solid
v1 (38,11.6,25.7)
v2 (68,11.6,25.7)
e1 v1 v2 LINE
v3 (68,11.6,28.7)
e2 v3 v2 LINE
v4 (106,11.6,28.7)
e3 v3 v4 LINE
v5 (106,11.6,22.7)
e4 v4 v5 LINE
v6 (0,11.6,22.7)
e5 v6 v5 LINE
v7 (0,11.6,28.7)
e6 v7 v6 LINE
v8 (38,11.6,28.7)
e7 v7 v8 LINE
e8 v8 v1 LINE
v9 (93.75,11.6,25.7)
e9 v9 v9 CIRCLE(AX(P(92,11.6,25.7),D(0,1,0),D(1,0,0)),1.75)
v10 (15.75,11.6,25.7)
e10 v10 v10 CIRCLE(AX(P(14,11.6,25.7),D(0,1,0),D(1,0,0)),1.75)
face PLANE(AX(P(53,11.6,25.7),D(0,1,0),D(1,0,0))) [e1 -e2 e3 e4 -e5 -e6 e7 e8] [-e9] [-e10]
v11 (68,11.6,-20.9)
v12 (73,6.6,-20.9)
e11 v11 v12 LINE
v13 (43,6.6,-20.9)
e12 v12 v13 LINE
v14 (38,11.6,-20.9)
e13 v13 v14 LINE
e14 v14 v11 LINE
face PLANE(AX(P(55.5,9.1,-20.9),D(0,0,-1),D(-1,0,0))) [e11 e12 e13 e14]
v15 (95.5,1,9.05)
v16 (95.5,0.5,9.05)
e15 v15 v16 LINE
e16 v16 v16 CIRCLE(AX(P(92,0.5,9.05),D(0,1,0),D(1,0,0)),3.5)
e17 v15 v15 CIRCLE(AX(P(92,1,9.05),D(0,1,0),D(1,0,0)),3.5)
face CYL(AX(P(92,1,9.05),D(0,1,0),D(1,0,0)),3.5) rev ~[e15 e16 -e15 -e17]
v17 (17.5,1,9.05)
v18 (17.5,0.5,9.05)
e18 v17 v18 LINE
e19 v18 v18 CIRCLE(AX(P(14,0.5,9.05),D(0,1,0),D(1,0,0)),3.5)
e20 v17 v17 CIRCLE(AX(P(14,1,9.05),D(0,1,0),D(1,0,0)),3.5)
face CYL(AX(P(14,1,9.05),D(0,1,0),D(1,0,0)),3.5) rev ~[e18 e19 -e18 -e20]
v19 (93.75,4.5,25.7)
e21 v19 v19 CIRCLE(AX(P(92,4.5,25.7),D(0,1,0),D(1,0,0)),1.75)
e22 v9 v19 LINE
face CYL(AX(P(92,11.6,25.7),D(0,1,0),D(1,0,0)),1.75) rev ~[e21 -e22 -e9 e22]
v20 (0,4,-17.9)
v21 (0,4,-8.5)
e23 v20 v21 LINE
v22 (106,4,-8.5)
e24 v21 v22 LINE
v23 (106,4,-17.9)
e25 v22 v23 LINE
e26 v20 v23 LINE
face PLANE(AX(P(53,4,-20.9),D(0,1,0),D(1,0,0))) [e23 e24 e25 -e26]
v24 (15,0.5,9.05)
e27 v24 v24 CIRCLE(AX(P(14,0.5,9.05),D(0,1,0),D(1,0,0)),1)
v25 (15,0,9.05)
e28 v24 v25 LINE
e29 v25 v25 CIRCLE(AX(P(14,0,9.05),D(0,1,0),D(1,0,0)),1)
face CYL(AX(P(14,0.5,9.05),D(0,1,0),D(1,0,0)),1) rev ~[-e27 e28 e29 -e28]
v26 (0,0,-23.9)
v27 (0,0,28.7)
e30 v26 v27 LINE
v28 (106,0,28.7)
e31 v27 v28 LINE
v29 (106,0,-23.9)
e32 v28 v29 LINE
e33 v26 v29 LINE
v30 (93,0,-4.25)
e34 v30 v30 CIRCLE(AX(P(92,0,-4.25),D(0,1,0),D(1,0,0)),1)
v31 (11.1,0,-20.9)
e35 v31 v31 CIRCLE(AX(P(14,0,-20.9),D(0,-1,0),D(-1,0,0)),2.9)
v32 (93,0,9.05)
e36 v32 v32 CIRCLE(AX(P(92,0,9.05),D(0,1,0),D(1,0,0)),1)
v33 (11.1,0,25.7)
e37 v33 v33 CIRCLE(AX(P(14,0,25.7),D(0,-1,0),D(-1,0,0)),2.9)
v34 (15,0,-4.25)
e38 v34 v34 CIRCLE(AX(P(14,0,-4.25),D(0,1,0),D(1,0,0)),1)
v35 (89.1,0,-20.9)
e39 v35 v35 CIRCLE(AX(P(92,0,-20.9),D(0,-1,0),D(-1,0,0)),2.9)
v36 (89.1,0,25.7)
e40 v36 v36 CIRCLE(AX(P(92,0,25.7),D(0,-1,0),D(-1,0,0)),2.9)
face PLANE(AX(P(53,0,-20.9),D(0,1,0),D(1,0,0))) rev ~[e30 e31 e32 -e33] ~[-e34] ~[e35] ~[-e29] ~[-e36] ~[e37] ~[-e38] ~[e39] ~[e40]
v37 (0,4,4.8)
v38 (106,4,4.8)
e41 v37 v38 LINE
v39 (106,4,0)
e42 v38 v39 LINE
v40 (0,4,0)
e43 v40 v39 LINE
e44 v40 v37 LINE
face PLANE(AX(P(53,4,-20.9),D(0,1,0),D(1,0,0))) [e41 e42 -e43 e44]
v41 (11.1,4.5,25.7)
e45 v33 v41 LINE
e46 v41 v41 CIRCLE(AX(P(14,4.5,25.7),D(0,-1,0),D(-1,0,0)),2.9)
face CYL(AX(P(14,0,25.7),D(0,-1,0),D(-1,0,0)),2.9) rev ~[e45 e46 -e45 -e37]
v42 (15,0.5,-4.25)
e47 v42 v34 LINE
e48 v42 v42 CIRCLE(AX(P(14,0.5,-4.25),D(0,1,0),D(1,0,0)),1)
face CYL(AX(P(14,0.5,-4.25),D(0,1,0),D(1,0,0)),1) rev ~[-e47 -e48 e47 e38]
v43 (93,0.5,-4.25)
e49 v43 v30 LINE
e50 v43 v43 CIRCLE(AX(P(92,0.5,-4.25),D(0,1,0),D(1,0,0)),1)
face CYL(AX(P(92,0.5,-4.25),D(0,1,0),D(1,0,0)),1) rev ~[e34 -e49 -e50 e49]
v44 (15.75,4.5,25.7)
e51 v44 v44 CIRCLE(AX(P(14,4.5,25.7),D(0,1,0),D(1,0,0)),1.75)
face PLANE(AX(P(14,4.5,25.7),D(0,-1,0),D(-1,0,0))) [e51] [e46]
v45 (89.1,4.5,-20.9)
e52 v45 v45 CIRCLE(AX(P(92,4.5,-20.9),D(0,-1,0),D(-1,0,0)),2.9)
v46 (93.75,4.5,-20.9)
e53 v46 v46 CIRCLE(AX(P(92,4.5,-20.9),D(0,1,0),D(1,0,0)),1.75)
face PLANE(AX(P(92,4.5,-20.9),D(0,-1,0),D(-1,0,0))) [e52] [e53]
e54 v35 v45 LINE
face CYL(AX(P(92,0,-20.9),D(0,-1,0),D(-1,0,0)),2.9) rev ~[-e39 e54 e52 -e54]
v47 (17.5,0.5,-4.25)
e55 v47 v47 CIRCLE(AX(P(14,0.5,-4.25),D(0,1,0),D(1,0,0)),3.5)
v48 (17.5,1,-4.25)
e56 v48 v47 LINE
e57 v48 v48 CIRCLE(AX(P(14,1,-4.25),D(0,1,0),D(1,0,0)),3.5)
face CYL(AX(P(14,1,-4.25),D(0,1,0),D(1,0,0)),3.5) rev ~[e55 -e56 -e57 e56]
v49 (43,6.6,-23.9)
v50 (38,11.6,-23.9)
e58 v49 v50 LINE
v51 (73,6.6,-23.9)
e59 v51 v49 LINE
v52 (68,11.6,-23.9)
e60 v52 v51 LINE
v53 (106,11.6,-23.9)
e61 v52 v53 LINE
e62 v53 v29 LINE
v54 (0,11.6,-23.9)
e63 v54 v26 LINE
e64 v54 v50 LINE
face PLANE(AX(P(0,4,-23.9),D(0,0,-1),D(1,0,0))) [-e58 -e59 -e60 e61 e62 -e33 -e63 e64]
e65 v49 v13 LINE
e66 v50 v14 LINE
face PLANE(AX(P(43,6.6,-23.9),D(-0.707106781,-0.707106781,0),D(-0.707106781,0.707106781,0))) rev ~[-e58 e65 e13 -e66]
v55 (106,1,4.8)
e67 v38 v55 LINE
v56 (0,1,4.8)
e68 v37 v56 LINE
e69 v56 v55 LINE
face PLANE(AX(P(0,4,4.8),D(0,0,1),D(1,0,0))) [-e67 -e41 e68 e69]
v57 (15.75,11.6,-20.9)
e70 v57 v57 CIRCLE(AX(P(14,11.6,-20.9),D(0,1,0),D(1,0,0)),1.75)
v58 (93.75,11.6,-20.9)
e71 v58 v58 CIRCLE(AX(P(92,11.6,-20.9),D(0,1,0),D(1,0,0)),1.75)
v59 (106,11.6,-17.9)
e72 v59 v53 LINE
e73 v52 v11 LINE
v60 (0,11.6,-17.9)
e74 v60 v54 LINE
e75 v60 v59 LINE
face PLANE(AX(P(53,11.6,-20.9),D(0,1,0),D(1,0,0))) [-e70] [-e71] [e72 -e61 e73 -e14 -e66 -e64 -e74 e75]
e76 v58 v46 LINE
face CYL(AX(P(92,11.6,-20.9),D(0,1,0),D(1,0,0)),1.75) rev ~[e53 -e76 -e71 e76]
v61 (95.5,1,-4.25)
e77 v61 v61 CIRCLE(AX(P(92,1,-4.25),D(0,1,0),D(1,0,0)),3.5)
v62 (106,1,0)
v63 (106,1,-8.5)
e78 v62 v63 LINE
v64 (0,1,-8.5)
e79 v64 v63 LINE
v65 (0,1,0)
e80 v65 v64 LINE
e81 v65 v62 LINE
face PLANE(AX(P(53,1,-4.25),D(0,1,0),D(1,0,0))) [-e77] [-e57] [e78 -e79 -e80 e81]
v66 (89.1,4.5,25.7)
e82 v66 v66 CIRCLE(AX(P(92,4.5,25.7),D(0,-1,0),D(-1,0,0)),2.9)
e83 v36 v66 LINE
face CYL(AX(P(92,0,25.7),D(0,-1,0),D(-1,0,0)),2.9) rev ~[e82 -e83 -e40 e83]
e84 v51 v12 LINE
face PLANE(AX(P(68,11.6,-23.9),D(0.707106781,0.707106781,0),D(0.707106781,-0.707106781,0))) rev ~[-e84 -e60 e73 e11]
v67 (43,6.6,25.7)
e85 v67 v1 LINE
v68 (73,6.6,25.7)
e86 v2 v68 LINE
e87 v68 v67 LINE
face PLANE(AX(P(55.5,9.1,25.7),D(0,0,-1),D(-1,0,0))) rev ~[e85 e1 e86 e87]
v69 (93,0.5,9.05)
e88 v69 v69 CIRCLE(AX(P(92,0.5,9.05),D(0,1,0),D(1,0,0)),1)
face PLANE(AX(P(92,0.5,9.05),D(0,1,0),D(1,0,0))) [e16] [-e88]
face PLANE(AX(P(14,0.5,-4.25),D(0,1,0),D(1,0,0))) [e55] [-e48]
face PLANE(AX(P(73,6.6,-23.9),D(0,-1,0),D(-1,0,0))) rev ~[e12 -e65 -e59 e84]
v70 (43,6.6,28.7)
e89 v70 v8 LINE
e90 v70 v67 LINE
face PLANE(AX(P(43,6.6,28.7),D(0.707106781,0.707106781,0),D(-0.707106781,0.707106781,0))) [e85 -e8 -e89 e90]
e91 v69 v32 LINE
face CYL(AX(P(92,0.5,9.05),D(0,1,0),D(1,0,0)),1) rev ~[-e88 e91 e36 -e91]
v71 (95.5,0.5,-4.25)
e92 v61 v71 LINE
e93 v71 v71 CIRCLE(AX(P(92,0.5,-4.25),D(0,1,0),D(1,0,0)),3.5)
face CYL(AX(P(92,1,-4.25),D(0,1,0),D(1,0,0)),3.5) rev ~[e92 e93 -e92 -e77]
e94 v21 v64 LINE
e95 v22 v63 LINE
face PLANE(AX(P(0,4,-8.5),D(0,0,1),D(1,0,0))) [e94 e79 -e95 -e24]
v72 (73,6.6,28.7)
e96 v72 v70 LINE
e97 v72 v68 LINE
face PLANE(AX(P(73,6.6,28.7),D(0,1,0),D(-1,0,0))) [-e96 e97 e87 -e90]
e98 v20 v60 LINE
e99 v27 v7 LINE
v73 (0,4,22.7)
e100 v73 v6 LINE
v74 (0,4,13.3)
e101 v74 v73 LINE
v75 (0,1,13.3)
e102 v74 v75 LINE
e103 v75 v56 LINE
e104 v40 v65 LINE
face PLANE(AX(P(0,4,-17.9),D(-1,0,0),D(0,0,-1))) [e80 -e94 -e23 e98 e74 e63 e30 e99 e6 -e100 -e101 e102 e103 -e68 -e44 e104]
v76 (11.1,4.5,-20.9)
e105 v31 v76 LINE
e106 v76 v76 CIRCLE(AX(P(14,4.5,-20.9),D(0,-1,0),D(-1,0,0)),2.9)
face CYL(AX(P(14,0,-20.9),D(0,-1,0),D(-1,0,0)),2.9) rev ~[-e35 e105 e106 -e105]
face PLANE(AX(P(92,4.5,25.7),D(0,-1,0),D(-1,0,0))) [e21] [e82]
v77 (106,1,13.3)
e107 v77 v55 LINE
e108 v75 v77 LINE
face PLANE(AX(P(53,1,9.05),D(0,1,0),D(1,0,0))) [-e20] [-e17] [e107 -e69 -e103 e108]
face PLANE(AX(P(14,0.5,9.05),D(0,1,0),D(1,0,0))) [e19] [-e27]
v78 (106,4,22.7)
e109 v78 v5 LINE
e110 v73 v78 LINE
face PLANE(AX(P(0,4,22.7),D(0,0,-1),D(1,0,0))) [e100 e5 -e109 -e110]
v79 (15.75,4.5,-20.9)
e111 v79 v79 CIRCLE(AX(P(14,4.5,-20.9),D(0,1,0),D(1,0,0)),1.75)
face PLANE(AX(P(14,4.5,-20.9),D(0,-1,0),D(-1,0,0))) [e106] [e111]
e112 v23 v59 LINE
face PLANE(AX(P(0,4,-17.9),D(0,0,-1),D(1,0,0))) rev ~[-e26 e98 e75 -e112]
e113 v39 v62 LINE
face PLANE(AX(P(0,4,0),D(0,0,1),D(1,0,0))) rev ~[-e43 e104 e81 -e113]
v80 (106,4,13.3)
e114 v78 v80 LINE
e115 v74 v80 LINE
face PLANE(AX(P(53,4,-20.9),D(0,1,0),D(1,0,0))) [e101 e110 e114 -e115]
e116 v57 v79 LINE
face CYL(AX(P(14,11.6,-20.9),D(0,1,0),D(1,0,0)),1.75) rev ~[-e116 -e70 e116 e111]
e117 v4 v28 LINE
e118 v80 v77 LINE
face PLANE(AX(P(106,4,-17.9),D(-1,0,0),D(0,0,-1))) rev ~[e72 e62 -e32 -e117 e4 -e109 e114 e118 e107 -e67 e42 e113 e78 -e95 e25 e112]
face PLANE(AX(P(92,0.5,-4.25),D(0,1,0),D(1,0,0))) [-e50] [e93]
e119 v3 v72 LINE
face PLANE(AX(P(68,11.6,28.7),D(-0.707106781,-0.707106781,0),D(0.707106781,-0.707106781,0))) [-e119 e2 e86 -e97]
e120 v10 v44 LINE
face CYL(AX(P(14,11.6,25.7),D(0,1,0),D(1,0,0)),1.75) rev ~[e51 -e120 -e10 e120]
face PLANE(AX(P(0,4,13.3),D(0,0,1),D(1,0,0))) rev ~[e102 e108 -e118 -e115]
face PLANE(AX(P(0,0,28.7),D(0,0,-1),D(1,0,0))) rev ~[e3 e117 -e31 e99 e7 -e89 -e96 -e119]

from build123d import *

# Parameters (mm, degrees)
SKETCH1_W           = 106
SKETCH1_H           = 6
SKETCH1_H_2         = 9.4
SKETCH1_H_3         = 8.5
SKETCH1_H_4         = 4.8
BOSS_EXTRUDE4_DEPTH = 4
SKETCH4_W           = 106
SKETCH4_H           = 8.5
CUT_EXTRUDE2_DEPTH  = 3
SKETCH5_W           = 106
SKETCH5_H           = 6
BOSS_EXTRUDE5_DEPTH = 7.6
SKETCH6_R           = 3.5
CUT_EXTRUDE3_DEPTH  = 0.5
SKETCH8_R           = 1
CUT_EXTRUDE4_DEPTH  = 20
SKETCH7_R           = 1
CUT_EXTRUDE5_DEPTH  = 20
SKETCH9_R           = 1
CUT_EXTRUDE6_DEPTH  = 20
SKETCH10_R          = 1.75
CUT_EXTRUDE7_DEPTH  = 20
SKETCH11_R          = 2.9
CUT_EXTRUDE8_DEPTH  = 4.5
CUT_EXTRUDE9_DEPTH  = 3
CUT_EXTRUDE10_DEPTH = 3


with BuildPart() as part:
    # Sketch1 → Boss-Extrude4 (new body)
    with BuildSketch(Plane(origin=(0, 0, 0), x_dir=(1, 0, 0), z_dir=(0, 1, 0))):
        with Locations((53, 20.9)):
            Rectangle(SKETCH1_W, SKETCH1_H)
        with Locations((53, 13.2)):
            Rectangle(SKETCH1_W, SKETCH1_H_2)
        with Locations((53, 4.25)):
            Rectangle(SKETCH1_W, SKETCH1_H_3)
        with Locations((53, -2.4)):
            Rectangle(SKETCH1_W, SKETCH1_H_4)
        with Locations((53, -9.05)):
            Rectangle(SKETCH1_W, SKETCH1_H_3)
        with Locations((53, -18)):
            Rectangle(SKETCH1_W, SKETCH1_H_2)
        with Locations((53, -25.7)):
            Rectangle(SKETCH1_W, SKETCH1_H)
    extrude(amount=BOSS_EXTRUDE4_DEPTH)

    # Sketch4 → Cut-Extrude2 (cut)
    with BuildSketch(Plane(origin=(0, 4, 0), x_dir=(1, 0, 0), z_dir=(0, 1, 0))):
        with Locations((53, 4.25)):
            Rectangle(SKETCH4_W, SKETCH4_H)
        with Locations((53, -9.05)):
            Rectangle(SKETCH4_W, SKETCH4_H)
    extrude(amount=-CUT_EXTRUDE2_DEPTH, mode=Mode.SUBTRACT)

    # Sketch5 → Boss-Extrude5 (add)
    with BuildSketch(Plane(origin=(0, 4, 0), x_dir=(1, 0, 0), z_dir=(0, 1, 0))):
        with Locations((53, 20.9)):
            Rectangle(SKETCH5_W, SKETCH5_H)
        with Locations((53, -25.7)):
            Rectangle(SKETCH5_W, SKETCH5_H)
    extrude(amount=BOSS_EXTRUDE5_DEPTH)

    # Sketch6 → Cut-Extrude3 (cut)
    with BuildSketch(Plane(origin=(0, 1, 0), x_dir=(1, 0, 0), z_dir=(0, 1, 0))):
        with Locations((92, -9.05)):
            Circle(SKETCH6_R)
        with Locations((14, -9.05)):
            Circle(SKETCH6_R)
        with Locations((92, 4.25)):
            Circle(SKETCH6_R)
        with Locations((14, 4.25)):
            Circle(SKETCH6_R)
    extrude(amount=-CUT_EXTRUDE3_DEPTH, mode=Mode.SUBTRACT)

    # Sketch8 → Cut-Extrude4 (cut)
    with BuildSketch(Plane(origin=(0, 0.5, 0), x_dir=(1, 0, 0), z_dir=(0, 1, 0))):
        with Locations((14, 4.25)):
            Circle(SKETCH8_R)
        with Locations((14, -9.05)):
            Circle(SKETCH8_R)
    extrude(amount=-CUT_EXTRUDE4_DEPTH, mode=Mode.SUBTRACT)

    # Sketch7 → Cut-Extrude5 (cut)
    with BuildSketch(Plane(origin=(0, 0.5, 0), x_dir=(1, 0, 0), z_dir=(0, 1, 0))):
        with Locations((92, 4.25)):
            Circle(SKETCH7_R)
    extrude(amount=-CUT_EXTRUDE5_DEPTH, mode=Mode.SUBTRACT)

    # Sketch9 → Cut-Extrude6 (cut)
    with BuildSketch(Plane(origin=(0, 0.5, 0), x_dir=(1, 0, 0), z_dir=(0, 1, 0))):
        with Locations((92, -9.05)):
            Circle(SKETCH9_R)
    extrude(amount=-CUT_EXTRUDE6_DEPTH, mode=Mode.SUBTRACT)

    # Sketch10 → Cut-Extrude7 (cut)
    with BuildSketch(Plane(origin=(0, 11.6, 0), x_dir=(1, 0, 0), z_dir=(0, 1, 0))):
        with Locations((92, 20.9)):
            Circle(SKETCH10_R)
        with Locations((14, 20.9)):
            Circle(SKETCH10_R)
        with Locations((92, -25.7)):
            Circle(SKETCH10_R)
        with Locations((14, -25.7)):
            Circle(SKETCH10_R)
    extrude(amount=-CUT_EXTRUDE7_DEPTH, mode=Mode.SUBTRACT)

    # Sketch11 → Cut-Extrude8 (cut)
    with BuildSketch(Plane(origin=(0, 0, 0), x_dir=(-1, 0, 0), z_dir=(0, -1, 0))):
        with Locations((-92, 20.9)):
            Circle(SKETCH11_R)
        with Locations((-92, -25.7)):
            Circle(SKETCH11_R)
        with Locations((-14, -25.7)):
            Circle(SKETCH11_R)
        with Locations((-14, 20.9)):
            Circle(SKETCH11_R)
    extrude(amount=-CUT_EXTRUDE8_DEPTH, mode=Mode.SUBTRACT)

    # Sketch12 → Cut-Extrude9 (cut)
    with BuildSketch(Plane(origin=(0, 0, -23.9), x_dir=(-1, 0, 0), z_dir=(0, 0, -1))):
        Polygon((-68, 11.6), (-73, 6.6), (-43, 6.6), (-38, 11.6), align=None)
    extrude(amount=-CUT_EXTRUDE9_DEPTH, mode=Mode.SUBTRACT)

    # Sketch13 → Cut-Extrude10 (cut)
    with BuildSketch(Plane.XY.offset(28.7)):
        Polygon((68, 11.6), (73, 6.6), (43, 6.6), (38, 11.6), align=None)
    extrude(amount=-CUT_EXTRUDE10_DEPTH, mode=Mode.SUBTRACT)


solid = part.part
